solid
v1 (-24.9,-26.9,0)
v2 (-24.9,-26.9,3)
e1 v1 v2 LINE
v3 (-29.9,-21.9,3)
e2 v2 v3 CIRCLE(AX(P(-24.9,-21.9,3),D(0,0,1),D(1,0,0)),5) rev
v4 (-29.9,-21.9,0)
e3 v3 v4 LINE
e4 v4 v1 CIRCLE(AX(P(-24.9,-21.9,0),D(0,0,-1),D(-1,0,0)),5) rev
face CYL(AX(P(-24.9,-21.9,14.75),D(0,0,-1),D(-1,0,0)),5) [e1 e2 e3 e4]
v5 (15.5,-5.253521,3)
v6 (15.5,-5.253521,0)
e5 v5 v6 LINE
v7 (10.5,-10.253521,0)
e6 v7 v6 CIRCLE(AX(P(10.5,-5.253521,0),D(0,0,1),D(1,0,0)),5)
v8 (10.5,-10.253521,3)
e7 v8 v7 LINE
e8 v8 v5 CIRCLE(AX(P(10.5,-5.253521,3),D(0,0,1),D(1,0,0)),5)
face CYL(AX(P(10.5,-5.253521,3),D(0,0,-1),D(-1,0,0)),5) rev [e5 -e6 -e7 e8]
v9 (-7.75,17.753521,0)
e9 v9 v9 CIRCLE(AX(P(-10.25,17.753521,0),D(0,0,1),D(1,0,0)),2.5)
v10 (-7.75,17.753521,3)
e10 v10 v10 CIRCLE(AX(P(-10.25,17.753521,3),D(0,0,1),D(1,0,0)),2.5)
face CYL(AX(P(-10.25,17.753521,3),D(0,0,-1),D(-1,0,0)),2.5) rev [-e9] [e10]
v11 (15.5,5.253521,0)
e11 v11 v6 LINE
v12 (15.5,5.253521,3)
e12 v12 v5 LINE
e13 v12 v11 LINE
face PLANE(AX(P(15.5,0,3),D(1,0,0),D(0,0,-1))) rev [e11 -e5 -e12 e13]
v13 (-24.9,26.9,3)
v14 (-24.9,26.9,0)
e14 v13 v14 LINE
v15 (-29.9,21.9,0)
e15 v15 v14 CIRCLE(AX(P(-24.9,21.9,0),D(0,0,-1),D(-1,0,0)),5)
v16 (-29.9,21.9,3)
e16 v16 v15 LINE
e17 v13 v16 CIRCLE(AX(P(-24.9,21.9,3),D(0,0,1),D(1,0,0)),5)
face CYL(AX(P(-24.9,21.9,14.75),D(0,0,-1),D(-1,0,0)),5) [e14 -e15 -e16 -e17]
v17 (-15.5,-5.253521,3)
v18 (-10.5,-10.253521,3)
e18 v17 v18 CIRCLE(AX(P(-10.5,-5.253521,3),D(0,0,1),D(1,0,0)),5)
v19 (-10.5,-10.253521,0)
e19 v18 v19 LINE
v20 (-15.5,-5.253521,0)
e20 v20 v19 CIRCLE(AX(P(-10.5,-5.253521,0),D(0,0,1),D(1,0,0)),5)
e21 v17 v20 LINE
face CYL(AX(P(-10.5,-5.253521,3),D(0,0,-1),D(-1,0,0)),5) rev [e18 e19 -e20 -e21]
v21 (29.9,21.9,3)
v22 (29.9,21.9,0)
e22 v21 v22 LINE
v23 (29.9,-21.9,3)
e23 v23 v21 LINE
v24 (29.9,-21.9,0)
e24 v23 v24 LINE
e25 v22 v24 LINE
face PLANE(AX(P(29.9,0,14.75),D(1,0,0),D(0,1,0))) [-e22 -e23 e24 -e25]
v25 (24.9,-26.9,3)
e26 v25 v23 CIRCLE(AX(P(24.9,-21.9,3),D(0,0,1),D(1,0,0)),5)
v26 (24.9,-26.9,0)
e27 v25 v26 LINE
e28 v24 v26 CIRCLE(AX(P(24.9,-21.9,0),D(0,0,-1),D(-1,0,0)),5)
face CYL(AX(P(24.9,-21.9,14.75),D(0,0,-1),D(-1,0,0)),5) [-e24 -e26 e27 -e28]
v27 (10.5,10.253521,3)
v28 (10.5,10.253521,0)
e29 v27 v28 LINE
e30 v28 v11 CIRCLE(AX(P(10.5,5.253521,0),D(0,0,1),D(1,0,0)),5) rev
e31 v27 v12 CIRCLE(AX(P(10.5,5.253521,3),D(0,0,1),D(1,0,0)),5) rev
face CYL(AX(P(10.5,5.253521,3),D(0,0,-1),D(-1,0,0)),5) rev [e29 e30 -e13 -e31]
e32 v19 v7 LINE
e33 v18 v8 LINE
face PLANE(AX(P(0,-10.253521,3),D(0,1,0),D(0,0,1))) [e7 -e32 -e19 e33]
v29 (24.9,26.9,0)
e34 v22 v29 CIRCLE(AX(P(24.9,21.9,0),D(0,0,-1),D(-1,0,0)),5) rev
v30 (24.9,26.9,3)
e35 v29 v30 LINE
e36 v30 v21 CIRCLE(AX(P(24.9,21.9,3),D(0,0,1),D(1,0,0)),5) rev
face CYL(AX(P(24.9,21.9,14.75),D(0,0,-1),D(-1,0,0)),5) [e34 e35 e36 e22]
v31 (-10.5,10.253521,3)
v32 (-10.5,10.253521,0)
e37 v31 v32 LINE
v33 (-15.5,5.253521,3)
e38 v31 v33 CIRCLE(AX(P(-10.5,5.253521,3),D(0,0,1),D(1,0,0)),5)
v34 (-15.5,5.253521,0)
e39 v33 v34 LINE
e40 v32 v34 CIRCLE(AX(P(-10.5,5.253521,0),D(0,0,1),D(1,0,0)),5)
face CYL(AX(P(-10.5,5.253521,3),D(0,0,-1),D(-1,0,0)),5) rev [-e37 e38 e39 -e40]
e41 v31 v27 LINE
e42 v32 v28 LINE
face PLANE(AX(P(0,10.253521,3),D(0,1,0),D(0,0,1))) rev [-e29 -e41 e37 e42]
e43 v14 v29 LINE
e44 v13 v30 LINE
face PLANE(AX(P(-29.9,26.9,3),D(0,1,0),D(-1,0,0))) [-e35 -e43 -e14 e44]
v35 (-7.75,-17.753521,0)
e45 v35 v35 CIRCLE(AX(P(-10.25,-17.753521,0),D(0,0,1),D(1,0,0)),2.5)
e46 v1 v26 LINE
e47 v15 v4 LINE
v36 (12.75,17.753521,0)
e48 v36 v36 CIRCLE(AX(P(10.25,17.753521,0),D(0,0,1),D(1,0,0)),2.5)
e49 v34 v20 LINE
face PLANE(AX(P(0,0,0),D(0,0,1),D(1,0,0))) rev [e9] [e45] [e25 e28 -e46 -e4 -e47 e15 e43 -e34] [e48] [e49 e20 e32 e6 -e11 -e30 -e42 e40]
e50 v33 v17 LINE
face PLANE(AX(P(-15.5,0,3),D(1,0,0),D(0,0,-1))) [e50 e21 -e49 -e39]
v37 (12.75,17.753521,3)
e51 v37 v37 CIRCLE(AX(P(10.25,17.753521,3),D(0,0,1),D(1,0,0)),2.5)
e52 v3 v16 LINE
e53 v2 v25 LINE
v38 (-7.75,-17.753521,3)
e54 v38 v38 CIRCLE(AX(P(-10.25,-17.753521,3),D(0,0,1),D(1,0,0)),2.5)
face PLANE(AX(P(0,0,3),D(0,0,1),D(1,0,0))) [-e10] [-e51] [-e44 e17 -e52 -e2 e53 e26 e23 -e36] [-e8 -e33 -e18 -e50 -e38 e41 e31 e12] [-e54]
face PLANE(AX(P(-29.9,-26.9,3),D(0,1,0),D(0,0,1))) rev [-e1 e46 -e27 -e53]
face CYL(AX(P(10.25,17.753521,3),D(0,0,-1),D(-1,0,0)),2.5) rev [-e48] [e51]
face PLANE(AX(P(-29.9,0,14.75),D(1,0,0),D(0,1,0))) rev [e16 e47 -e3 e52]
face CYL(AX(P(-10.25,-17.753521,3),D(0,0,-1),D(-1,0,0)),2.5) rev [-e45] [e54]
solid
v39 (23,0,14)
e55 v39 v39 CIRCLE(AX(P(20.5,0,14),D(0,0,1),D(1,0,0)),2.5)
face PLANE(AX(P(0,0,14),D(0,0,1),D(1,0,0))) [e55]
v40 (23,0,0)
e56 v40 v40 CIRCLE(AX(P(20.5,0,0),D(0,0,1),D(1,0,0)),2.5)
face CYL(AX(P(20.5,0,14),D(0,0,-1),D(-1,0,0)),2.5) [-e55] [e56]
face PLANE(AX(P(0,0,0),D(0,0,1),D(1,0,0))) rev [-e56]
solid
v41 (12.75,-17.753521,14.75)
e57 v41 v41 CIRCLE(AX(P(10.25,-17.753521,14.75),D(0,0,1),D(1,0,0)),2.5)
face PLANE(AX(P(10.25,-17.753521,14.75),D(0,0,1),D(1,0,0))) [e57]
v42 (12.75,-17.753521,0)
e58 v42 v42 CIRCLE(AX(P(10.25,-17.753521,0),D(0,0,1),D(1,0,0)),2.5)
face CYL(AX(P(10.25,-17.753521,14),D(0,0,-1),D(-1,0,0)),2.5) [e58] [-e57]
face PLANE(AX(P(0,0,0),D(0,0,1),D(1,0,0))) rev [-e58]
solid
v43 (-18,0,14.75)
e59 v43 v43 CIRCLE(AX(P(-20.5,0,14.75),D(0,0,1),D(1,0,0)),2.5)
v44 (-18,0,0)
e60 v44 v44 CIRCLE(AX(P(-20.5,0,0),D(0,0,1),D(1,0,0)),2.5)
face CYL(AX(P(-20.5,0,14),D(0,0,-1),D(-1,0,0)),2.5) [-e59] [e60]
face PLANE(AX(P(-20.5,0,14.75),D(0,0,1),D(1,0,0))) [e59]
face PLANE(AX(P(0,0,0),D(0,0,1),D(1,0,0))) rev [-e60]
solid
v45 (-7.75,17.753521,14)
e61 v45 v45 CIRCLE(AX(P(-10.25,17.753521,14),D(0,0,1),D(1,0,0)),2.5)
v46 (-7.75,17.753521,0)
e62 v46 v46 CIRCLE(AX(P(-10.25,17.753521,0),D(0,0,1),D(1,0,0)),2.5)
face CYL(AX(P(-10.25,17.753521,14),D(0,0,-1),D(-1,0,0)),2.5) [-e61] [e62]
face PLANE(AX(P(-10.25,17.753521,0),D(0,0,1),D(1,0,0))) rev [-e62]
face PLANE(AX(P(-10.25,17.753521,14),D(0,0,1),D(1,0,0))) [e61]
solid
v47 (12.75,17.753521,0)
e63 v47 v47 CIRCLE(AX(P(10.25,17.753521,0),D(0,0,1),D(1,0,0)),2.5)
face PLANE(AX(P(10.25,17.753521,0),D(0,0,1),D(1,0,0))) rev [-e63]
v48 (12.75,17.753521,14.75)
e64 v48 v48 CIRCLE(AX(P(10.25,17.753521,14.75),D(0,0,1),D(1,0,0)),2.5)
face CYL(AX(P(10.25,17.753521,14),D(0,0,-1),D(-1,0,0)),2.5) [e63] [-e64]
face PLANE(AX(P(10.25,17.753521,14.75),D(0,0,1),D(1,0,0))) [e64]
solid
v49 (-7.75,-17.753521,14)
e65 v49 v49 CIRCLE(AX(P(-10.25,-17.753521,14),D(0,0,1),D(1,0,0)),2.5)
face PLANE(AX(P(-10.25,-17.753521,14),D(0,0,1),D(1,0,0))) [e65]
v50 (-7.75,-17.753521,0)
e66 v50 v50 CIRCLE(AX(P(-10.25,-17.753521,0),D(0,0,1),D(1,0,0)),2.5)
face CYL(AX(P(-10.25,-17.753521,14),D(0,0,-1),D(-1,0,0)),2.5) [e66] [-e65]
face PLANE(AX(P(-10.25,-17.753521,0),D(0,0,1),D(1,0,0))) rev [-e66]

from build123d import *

# Parameters (mm, degrees)
SKETCH_1_R          = 2.5
EXTRUDE_1_DEPTH     = 3
SKETCH_1_4_R        = 2.5
EXTRUDE_2_DEPTH     = 14
EXTRUDE_2_2_DEPTH   = 14
EXTRUDE_2_3_DEPTH   = 14
EXTRUDE_2_4_DEPTH   = 14
EXTRUDE_2_5_DEPTH   = 14
EXTRUDE_2_6_DEPTH   = 14
SKETCH_2_R          = 2.5
EXTRUDE_3_DEPTH     = 7.75
CUT_EXTRUDE_1_DEPTH = 47.467004422


with BuildPart() as part:
    # 草圖1 → 填料-伸長1 (new body)
    with BuildSketch(Plane.XY):
        with BuildLine():
            Line((-29.9, 26.9), (29.9, 26.9))
            ThreePointArc((29.9, 26.9), (33.435533906, 25.435533906), (34.9, 21.9))
            Line((34.9, 21.9), (34.9, -21.9))
            ThreePointArc((34.9, -21.9), (33.435533906, -25.435533906), (29.9, -26.9))
            Line((29.9, -26.9), (-29.9, -26.9))
            ThreePointArc((-29.9, -26.9), (-33.435533906, -25.435533906), (-34.9, -21.9))
            Line((-34.9, -21.9), (-34.9, 21.9))
            ThreePointArc((-34.9, 21.9), (-33.435533906, 25.435533906), (-29.9, 26.9))
        make_face()
        with Locations((10.25, 17.753520778)):
            Circle(SKETCH_1_R, mode=Mode.SUBTRACT)
        with Locations((-10.25, -17.753520778)):
            Circle(SKETCH_1_R, mode=Mode.SUBTRACT)
        with Locations((-10.25, 17.753520778)):
            Circle(SKETCH_1_R, mode=Mode.SUBTRACT)
        with BuildLine():
            Line((-10.5, 10.253520778), (10.5, 10.253520778))
            ThreePointArc((10.5, 10.253520778), (14.035533906, 8.789054684), (15.5, 5.253520778))
            Line((15.5, 5.253520778), (15.5, -5.253520778))
            ThreePointArc((15.5, -5.253520778), (14.035533906, -8.789054684), (10.5, -10.253520778))
            Line((10.5, -10.253520778), (-10.5, -10.253520778))
            ThreePointArc((-10.5, -10.253520778), (-14.035533906, -8.789054684), (-15.5, -5.253520778))
            Line((-15.5, -5.253520778), (-15.5, 5.253520778))
            ThreePointArc((-15.5, 5.253520778), (-14.035533906, 8.789054684), (-10.5, 10.253520778))
        make_face(mode=Mode.SUBTRACT)
    extrude(amount=EXTRUDE_1_DEPTH)

    # 草圖3 → 除料-伸長1 (cut, through all)
    with BuildSketch(Plane(origin=(0, 0, 0), x_dir=(-1, 0, 0), z_dir=(0, 0, -1))):
        with BuildLine():
            Line((-29.9, -21.9), (-29.9, 21.9))
            ThreePointArc((-29.9, 21.9), (-28.435533906, 25.435533906), (-24.9, 26.9))
            Line((-24.9, 26.9), (-29.9, 26.9))
            ThreePointArc((-29.9, 26.9), (-33.435533906, 25.435533906), (-34.9, 21.9))
            Line((-34.9, 21.9), (-34.9, -21.9))
            ThreePointArc((-34.9, -21.9), (-33.435533906, -25.435533906), (-29.9, -26.9))
            Line((-29.9, -26.9), (-24.9, -26.9))
            ThreePointArc((-24.9, -26.9), (-28.435533906, -25.435533906), (-29.9, -21.9))
        make_face()
        with BuildLine():
            Line((29.9, 26.9), (24.9, 26.9))
            ThreePointArc((24.9, 26.9), (28.435533906, 25.435533906), (29.9, 21.9))
            Line((29.9, 21.9), (29.9, -21.9))
            ThreePointArc((29.9, -21.9), (28.435533906, -25.435533906), (24.9, -26.9))
            Line((24.9, -26.9), (29.9, -26.9))
            ThreePointArc((29.9, -26.9), (33.435533906, -25.435533906), (34.9, -21.9))
            Line((34.9, -21.9), (34.9, 21.9))
            ThreePointArc((34.9, 21.9), (33.435533906, 25.435533906), (29.9, 26.9))
        make_face()
    extrude(amount=-CUT_EXTRUDE_1_DEPTH, mode=Mode.SUBTRACT)


with BuildPart() as body_2:
    # 草圖1<4> → 填料-伸長2 (new body)
    with BuildSketch(Plane.XY):
        with Locations((20.5, 0)):
            Circle(SKETCH_1_4_R)
    extrude(amount=EXTRUDE_2_DEPTH)


with BuildPart() as body_3:
    # 草圖1<4> → Extrude 2 2 (new body)
    with BuildSketch(Plane.XY):
        with Locations((-20.5, 0)):
            Circle(SKETCH_1_4_R)
    extrude(amount=EXTRUDE_2_2_DEPTH)



with BuildPart() as body_4:
    # 草圖1<4> → Extrude 2 3 (new body)
    with BuildSketch(Plane.XY):
        with Locations((10.25, 17.753520778)):
            Circle(SKETCH_1_4_R)
    extrude(amount=EXTRUDE_2_3_DEPTH)


with BuildPart() as body_5:
    # 草圖1<4> → Extrude 2 4 (new body)
    with BuildSketch(Plane.XY):
        with Locations((10.25, -17.753520778)):
            Circle(SKETCH_1_4_R)
    extrude(amount=EXTRUDE_2_4_DEPTH)


with BuildPart() as body_6:
    # 草圖1<4> → Extrude 2 5 (new body)
    with BuildSketch(Plane.XY):
        with Locations((-10.25, -17.753520778)):
            Circle(SKETCH_1_4_R)
    extrude(amount=EXTRUDE_2_5_DEPTH)


with BuildPart() as body_7:
    # 草圖1<4> → Extrude 2 6 (new body)
    with BuildSketch(Plane.XY):
        with Locations((-10.25, 17.753520778)):
            Circle(SKETCH_1_4_R)
    extrude(amount=EXTRUDE_2_6_DEPTH)


with BuildPart() as body_3_1:
    add(body_3.part)

    add(body_4.part)  # 填料-伸長3 merges body 4

    add(body_5.part)  # 填料-伸長3 merges body 5
    # 草圖2 → 填料-伸長3 (add)
    with BuildSketch(Plane.XY.offset(7)):
        with Locations((-20.5, 0)):
            Circle(SKETCH_2_R)
        with Locations((10.25, 17.753520778)):
            Circle(SKETCH_2_R)
        with Locations((10.25, -17.753520778)):
            Circle(SKETCH_2_R)
    extrude(amount=EXTRUDE_3_DEPTH)


solid = Compound([part.part, body_2.part, body_6.part, body_7.part, body_3_1.part])
